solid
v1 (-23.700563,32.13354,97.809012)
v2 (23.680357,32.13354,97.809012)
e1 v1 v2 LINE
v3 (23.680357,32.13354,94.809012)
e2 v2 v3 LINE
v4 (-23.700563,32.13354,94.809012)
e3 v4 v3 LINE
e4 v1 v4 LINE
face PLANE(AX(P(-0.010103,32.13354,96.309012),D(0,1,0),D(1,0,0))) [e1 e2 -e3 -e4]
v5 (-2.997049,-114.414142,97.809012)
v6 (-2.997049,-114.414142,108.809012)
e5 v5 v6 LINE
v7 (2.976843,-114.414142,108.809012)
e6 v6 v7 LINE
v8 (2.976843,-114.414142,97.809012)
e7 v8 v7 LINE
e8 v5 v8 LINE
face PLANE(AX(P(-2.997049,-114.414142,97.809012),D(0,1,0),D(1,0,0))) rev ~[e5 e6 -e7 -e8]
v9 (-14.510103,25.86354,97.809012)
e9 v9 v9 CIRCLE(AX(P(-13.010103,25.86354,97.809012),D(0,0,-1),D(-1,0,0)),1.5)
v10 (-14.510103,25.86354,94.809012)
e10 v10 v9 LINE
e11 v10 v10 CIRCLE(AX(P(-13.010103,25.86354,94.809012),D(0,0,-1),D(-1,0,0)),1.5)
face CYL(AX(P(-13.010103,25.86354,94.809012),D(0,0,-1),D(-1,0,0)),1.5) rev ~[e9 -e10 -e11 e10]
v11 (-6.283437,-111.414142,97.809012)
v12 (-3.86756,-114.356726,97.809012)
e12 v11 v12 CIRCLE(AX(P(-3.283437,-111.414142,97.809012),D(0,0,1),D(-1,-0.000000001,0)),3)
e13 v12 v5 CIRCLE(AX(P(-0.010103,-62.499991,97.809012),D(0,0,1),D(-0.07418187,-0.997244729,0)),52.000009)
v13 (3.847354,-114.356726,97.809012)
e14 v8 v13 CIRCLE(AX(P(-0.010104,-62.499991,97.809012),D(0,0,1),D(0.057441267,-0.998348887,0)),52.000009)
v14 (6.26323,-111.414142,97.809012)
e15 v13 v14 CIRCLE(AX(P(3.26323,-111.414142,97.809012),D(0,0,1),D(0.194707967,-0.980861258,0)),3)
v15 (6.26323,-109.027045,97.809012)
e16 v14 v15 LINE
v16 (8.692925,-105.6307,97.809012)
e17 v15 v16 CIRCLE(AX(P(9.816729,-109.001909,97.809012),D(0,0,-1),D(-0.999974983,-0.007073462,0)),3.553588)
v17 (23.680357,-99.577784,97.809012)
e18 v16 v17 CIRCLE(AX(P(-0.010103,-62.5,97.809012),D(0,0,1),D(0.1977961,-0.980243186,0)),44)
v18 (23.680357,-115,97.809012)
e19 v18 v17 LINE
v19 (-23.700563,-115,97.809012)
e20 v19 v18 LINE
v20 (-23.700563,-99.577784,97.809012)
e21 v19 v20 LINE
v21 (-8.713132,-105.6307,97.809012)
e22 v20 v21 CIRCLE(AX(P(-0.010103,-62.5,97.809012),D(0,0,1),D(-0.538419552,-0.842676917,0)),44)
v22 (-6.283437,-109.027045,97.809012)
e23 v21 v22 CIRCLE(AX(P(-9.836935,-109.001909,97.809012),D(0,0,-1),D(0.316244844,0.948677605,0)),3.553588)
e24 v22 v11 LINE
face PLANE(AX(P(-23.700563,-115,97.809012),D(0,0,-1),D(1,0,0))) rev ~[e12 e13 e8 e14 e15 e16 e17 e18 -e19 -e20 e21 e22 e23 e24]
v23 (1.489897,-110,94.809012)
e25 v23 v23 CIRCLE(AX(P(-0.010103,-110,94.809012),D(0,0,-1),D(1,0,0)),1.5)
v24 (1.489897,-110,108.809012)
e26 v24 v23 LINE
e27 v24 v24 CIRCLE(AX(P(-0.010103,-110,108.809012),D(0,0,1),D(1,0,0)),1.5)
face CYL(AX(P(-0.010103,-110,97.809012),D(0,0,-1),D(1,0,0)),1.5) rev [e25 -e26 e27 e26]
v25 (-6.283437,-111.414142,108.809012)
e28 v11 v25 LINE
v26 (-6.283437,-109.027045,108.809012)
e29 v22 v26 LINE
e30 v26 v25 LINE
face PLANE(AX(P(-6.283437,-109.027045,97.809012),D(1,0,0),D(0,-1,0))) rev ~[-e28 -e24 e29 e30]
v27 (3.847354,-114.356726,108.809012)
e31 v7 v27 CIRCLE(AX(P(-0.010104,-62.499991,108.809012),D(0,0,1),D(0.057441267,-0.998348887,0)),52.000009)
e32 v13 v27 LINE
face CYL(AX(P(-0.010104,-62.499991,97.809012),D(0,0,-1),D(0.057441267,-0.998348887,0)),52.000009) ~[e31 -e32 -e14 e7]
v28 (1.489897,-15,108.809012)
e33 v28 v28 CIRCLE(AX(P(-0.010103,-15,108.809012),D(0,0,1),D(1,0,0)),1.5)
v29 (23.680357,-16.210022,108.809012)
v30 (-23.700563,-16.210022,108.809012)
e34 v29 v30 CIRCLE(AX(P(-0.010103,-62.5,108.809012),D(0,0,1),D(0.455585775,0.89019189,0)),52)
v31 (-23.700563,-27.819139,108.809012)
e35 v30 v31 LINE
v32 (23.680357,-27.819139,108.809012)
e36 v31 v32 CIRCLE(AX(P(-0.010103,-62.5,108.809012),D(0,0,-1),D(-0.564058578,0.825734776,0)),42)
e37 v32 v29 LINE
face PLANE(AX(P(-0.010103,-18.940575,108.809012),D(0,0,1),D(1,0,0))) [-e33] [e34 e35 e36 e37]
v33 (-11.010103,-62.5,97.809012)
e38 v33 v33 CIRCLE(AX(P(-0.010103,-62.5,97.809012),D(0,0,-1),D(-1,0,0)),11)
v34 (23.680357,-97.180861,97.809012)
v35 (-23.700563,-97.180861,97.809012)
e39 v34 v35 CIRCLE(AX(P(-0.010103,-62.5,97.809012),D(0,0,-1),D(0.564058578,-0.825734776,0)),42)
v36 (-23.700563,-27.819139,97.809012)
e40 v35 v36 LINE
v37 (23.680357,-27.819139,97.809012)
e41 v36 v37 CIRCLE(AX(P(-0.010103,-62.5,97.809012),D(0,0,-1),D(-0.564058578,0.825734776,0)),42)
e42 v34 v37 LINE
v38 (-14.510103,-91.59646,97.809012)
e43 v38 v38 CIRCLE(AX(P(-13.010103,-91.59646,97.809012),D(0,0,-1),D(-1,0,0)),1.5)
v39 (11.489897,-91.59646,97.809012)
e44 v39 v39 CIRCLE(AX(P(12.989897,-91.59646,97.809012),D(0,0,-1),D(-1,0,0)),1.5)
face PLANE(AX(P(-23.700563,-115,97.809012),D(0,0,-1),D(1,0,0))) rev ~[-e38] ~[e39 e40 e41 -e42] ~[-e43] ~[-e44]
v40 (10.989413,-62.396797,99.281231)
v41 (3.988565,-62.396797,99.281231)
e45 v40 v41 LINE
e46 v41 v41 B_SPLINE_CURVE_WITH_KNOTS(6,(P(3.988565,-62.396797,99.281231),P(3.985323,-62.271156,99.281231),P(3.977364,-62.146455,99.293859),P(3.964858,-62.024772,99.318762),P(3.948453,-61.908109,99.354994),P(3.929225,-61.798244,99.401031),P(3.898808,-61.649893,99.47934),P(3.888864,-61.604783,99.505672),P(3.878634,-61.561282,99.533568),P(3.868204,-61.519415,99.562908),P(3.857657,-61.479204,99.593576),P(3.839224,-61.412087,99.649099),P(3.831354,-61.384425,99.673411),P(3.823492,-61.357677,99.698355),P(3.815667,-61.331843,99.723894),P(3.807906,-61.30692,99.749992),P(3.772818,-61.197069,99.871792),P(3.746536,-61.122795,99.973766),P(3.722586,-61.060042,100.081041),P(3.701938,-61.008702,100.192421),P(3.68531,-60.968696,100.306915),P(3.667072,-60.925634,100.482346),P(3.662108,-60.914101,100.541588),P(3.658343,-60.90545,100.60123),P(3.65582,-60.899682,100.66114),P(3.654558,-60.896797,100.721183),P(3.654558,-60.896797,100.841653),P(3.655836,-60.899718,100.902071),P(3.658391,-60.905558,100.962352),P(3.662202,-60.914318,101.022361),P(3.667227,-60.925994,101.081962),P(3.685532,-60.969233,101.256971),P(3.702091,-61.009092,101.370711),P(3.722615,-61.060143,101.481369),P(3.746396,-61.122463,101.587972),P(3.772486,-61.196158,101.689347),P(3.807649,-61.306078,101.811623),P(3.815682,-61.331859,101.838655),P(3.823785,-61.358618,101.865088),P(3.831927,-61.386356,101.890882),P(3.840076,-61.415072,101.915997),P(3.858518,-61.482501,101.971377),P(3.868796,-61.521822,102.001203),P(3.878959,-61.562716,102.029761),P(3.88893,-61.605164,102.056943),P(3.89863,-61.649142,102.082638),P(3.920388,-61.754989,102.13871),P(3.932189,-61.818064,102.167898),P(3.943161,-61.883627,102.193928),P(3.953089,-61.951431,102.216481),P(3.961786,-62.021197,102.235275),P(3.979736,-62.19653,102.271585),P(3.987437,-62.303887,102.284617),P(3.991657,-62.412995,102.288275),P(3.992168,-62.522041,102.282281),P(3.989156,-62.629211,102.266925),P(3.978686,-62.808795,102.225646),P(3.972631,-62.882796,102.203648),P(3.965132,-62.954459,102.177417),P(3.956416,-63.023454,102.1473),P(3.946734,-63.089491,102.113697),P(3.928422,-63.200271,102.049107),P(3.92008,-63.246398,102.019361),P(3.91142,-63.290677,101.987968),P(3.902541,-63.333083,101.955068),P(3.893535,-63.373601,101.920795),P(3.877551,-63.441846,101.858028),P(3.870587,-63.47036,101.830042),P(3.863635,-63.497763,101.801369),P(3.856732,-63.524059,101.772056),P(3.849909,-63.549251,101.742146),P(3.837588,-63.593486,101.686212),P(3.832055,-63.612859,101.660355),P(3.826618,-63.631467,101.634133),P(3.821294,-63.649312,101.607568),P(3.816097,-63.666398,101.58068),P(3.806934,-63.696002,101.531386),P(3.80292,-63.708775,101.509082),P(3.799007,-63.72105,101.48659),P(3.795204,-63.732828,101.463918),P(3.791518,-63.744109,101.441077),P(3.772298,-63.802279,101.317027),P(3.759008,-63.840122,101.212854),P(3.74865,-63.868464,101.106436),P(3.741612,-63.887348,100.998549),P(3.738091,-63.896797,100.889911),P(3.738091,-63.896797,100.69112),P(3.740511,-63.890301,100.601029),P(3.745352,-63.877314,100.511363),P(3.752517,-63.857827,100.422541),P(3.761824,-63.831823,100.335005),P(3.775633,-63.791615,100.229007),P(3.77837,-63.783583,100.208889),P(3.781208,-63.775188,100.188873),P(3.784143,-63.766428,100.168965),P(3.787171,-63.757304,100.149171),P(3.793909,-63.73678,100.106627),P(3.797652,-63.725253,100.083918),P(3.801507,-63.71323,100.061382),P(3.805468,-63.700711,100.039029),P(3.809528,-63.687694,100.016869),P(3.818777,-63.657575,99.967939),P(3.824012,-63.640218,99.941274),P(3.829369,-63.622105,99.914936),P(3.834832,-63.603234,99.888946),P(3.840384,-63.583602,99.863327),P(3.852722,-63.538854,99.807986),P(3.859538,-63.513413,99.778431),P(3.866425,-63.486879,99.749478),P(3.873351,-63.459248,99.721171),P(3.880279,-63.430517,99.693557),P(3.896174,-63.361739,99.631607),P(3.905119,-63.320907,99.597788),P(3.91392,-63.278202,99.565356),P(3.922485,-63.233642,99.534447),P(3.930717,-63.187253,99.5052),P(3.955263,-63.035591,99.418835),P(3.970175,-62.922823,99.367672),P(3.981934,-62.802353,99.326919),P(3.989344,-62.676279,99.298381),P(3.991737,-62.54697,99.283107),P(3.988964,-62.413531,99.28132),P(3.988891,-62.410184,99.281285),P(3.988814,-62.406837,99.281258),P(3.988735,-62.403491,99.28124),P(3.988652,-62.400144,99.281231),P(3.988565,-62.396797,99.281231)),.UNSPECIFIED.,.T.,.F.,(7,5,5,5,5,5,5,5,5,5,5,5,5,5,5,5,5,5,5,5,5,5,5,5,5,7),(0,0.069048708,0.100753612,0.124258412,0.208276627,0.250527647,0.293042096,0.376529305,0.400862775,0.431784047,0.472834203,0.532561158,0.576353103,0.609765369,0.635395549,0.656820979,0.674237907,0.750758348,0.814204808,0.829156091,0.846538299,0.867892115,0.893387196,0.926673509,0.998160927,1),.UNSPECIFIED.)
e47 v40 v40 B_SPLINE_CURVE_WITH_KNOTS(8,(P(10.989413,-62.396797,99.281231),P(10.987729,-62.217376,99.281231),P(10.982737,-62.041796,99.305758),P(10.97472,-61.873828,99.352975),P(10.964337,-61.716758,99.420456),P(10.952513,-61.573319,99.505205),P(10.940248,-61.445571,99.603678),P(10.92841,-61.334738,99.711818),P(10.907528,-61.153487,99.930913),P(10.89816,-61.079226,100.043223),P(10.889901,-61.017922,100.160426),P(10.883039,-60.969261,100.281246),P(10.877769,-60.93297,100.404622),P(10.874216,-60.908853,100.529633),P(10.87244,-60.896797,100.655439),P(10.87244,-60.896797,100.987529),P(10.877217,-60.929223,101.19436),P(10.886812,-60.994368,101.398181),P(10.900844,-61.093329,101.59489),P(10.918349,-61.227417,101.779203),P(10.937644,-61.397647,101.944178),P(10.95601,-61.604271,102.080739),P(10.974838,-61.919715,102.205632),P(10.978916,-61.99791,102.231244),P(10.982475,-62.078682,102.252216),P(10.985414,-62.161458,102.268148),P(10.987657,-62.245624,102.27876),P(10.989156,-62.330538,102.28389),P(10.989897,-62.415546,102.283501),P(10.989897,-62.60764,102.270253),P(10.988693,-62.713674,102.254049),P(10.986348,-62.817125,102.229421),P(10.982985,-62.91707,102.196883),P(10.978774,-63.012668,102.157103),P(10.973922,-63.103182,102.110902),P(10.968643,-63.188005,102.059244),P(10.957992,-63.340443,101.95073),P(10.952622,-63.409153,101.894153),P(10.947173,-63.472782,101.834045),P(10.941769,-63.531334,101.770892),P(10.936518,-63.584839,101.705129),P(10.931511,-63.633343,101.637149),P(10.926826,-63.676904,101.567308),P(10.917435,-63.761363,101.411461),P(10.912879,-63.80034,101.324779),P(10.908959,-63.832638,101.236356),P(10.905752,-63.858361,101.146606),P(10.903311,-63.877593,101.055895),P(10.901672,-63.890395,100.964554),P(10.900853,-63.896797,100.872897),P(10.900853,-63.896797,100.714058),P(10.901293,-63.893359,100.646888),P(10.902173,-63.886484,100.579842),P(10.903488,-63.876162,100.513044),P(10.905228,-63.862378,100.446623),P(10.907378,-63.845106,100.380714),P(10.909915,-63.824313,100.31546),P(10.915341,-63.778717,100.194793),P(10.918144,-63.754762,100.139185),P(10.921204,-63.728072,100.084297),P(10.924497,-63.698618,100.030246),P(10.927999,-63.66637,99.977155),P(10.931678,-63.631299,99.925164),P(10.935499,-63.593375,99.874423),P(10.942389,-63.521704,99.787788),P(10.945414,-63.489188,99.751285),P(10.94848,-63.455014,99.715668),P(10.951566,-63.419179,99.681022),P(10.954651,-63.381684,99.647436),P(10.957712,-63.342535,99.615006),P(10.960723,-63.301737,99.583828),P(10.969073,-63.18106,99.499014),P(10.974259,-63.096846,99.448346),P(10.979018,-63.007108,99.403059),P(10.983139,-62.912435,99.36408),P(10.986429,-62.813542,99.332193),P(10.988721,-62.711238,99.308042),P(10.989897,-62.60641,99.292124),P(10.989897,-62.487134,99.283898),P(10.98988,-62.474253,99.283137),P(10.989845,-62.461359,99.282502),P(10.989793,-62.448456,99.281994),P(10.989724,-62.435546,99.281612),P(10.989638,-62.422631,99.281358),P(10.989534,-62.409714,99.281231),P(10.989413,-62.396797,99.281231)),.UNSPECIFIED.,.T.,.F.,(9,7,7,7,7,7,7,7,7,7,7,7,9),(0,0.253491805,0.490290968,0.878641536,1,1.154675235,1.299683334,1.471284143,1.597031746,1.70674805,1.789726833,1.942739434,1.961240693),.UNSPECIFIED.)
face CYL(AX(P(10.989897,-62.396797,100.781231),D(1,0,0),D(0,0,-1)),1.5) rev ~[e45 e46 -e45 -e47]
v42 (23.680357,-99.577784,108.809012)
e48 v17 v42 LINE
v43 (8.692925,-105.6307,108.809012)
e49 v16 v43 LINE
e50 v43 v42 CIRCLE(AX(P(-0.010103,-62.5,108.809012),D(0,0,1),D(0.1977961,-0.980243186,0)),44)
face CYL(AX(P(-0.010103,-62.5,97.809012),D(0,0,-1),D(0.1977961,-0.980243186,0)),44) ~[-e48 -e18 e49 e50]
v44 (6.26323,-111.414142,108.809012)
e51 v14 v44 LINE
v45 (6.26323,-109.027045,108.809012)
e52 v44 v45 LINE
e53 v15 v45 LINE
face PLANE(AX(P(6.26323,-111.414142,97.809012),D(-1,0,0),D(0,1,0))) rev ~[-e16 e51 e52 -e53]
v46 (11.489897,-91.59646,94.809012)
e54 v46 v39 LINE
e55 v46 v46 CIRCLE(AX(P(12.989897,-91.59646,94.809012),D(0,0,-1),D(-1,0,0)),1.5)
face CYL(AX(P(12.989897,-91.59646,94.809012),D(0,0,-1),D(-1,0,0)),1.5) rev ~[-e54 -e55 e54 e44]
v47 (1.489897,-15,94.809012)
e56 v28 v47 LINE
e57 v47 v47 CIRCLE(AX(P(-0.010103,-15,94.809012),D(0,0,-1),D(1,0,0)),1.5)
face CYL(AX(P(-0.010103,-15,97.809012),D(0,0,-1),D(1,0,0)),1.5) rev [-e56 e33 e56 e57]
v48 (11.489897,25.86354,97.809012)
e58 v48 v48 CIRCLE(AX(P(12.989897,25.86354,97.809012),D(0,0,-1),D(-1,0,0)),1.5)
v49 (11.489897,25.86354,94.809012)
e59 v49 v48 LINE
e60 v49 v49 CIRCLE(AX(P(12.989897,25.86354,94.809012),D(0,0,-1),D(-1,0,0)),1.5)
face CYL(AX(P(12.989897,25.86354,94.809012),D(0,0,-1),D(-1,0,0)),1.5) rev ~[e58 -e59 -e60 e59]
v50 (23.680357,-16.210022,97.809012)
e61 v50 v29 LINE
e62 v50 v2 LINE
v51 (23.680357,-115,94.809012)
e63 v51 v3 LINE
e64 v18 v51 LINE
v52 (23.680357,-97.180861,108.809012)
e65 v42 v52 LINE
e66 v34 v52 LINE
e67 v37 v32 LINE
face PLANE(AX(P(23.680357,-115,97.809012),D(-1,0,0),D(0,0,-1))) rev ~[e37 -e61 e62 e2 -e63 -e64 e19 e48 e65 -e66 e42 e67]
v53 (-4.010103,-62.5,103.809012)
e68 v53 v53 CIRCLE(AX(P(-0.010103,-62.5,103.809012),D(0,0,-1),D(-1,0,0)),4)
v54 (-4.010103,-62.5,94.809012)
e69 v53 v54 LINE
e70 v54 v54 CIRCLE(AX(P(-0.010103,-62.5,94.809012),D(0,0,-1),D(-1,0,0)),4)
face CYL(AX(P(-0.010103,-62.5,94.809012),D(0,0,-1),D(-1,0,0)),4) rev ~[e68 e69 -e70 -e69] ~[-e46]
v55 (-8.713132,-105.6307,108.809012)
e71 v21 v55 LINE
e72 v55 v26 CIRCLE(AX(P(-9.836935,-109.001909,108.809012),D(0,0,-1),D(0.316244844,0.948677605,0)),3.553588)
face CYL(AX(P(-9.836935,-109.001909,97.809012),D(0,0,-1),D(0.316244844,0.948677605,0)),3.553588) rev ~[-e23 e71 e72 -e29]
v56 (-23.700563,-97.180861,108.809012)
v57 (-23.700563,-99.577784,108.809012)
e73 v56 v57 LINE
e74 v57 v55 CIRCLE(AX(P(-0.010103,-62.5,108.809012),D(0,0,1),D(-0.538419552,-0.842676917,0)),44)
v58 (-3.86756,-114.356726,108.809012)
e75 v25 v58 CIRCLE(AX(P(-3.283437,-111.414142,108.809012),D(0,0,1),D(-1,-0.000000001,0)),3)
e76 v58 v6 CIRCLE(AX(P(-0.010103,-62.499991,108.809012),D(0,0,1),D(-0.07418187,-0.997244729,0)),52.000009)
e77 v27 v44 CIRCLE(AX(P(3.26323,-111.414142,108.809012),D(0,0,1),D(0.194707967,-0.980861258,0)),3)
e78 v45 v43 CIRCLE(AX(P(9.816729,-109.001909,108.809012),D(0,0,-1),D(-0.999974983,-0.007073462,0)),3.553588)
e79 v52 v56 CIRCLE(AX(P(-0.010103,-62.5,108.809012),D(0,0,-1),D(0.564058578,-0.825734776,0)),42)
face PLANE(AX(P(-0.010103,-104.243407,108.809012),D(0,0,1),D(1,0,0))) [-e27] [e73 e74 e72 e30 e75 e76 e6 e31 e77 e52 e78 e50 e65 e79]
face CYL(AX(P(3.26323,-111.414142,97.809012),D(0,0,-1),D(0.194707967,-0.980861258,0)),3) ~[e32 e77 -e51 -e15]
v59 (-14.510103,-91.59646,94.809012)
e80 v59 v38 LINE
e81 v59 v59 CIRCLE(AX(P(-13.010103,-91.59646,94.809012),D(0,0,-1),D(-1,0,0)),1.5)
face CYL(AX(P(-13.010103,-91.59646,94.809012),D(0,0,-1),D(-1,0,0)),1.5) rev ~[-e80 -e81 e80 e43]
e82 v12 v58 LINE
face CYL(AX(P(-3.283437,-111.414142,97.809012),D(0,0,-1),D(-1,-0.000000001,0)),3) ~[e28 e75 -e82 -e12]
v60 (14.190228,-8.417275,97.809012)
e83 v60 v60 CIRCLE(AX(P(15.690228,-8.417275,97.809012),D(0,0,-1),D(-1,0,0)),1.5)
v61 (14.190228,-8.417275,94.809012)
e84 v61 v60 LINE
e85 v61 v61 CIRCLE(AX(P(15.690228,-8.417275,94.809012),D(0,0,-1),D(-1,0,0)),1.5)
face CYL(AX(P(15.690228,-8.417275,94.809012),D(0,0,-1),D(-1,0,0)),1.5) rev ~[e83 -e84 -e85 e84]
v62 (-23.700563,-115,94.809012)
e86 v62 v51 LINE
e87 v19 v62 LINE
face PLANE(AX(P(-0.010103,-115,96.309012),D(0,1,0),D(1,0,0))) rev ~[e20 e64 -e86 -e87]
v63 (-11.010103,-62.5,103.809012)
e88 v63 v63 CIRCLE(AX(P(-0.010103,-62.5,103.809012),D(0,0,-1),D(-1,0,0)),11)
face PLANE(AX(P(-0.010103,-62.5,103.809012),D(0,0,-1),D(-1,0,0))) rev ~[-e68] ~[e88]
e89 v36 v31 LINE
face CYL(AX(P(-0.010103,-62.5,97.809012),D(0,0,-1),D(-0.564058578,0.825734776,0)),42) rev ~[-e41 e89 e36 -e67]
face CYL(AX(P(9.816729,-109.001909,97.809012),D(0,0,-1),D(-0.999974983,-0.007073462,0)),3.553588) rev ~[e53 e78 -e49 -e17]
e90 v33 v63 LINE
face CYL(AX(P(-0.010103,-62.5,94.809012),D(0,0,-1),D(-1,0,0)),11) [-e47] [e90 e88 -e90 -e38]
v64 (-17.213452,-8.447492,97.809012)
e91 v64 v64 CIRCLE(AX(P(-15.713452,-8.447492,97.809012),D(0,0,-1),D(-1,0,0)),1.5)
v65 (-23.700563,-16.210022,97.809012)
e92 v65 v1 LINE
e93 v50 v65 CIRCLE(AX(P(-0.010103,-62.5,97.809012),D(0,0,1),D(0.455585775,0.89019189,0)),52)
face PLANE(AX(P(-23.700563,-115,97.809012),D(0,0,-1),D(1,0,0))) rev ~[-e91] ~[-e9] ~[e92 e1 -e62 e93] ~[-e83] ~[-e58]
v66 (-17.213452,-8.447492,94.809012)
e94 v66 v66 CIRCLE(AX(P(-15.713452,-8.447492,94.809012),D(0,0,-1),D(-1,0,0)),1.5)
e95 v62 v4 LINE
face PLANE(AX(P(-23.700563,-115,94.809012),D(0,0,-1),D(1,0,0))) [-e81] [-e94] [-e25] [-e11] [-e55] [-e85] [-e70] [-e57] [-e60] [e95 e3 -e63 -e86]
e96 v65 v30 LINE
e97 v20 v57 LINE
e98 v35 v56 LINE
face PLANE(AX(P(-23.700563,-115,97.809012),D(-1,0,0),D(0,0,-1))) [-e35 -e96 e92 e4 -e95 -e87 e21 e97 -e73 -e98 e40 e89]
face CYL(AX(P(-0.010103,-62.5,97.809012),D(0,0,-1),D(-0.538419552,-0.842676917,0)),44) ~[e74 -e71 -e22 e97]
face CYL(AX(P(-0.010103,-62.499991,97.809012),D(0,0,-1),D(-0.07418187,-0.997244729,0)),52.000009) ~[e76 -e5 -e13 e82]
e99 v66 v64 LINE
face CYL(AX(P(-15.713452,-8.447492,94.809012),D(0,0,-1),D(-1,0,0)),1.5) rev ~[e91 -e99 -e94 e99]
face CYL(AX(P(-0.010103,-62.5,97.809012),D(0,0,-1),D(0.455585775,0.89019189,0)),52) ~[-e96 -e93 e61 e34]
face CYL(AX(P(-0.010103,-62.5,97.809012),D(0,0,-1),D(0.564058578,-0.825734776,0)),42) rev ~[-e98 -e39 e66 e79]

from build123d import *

# Parameters (mm, degrees)
BOSS_EXTRUDE2_DEPTH      = 32.13354
BOSS_EXTRUDE2_DEPTH_BACK = 115
SKETCH1_W                = 47.380920583
SKETCH1_H                = 3
SKETCH3_R                = 1.5
SKETCH3_R_2              = 4
CUT_EXTRUDE1_DEPTH       = 10
SKETCH4_R                = 1.5
BOSS_EXTRUDE6_DEPTH      = 11
CUT_EXTRUDE2_START       = -10
SKETCH4_3_R              = 1.5
CUT_EXTRUDE2_DEPTH       = 10
SKETCH3_5_R              = 11
SKETCH3_5_R_2            = 4
BOSS_EXTRUDE7_DEPTH      = 9
SKETCH8_R                = 1.5
CUT_EXTRUDE3_DEPTH       = 9


with BuildPart() as part:
    # Sketch1 → Boss-Extrude2 (new, two sides: drawn at the far end of the back side and taken through both)
    with BuildSketch(Plane(origin=(0, 0, 0), x_dir=(1, 0, 0), z_dir=(0, 1, 0)).offset(-BOSS_EXTRUDE2_DEPTH_BACK)):
        with Locations((-0.010103172, -96.309011723)):
            Rectangle(SKETCH1_W, SKETCH1_H)
    extrude(amount=BOSS_EXTRUDE2_DEPTH + BOSS_EXTRUDE2_DEPTH_BACK)

    # Sketch3 → Cut-Extrude1 (cut)
    with BuildSketch(Plane(origin=(0, 0, 94.809011723), x_dir=(-1, 0, 0), z_dir=(0, 0, -1))):
        with Locations((-12.989896828, -91.59646)):
            Circle(SKETCH3_R)
        with Locations((0.010103172, -62.5)):
            Circle(SKETCH3_R_2)
        with Locations((13.010103172, -91.59646)):
            Circle(SKETCH3_R)
        with Locations((-15.690228452, -8.417274823)):
            Circle(SKETCH3_R)
        with Locations((15.713451538, -8.447491658)):
            Circle(SKETCH3_R)
        with Locations((13.010103172, 25.86354)):
            Circle(SKETCH3_R)
        with Locations((-12.989896828, 25.86354)):
            Circle(SKETCH3_R)
    extrude(amount=-CUT_EXTRUDE1_DEPTH, mode=Mode.SUBTRACT)

    # Sketch4 → Boss-Extrude6 (add)
    # profile 1 of 2: a face of its own
    with BuildSketch(Plane.XY.offset(97.809011723)):
        with BuildLine():
            ThreePointArc((8.69292522, -105.630700166), (16.466971046, -103.298358119), (23.68035712, -99.577784335))
            Line((23.68035712, -99.577784335), (23.68035712, -97.180860589))
            ThreePointArc((23.68035712, -97.180860589), (-0.010103172, -104.5), (-23.700563463, -97.180860589))
            Line((-23.700563463, -97.180860589), (-23.700563463, -99.577784335))
            ThreePointArc((-23.700563463, -99.577784335), (-16.487177389, -103.298358119), (-8.713131563, -105.630700166))
            ThreePointArc((-8.713131563, -105.630700166), (-6.946765802, -106.93432478), (-6.283436573, -109.027045372))
            Line((-6.283436573, -109.027045372), (-6.283436573, -111.414142146))
            ThreePointArc((-6.283436573, -111.414142146), (-5.602096929, -113.317773977), (-3.867560473, -114.35672592))
            ThreePointArc((-3.867560473, -114.35672592), (-3.432425137, -114.387259634), (-2.997048979, -114.414142146))
            Line((-2.997048979, -114.414142146), (2.976842636, -114.414142146))
            ThreePointArc((2.976842636, -114.414142146), (3.412218794, -114.387259634), (3.84735413, -114.35672592))
            ThreePointArc((3.84735413, -114.35672592), (5.581890586, -113.317773977), (6.263230229, -111.414142146))
            Line((6.263230229, -111.414142146), (6.263230229, -109.027045372))
            ThreePointArc((6.263230229, -109.027045372), (6.926559458, -106.93432478), (8.69292522, -105.630700166))
        make_face()
        with Locations((-0.010103172, -110)):
            Circle(SKETCH4_R, mode=Mode.SUBTRACT)
    # profile 2 of 2: a face of its own
    with BuildSketch(Plane.XY.offset(97.809011723)):
        with BuildLine():
            ThreePointArc((-23.700563463, -27.819139411), (-0.010103172, -20.5), (23.68035712, -27.819139411))
            Line((23.68035712, -27.819139411), (23.68035712, -16.210021698))
            ThreePointArc((23.68035712, -16.210021698), (-0.010103172, -10.5), (-23.700563463, -16.210021698))
            Line((-23.700563463, -16.210021698), (-23.700563463, -27.819139411))
        make_face()
        with Locations((-0.010103172, -15)):
            Circle(SKETCH4_R, mode=Mode.SUBTRACT)
    extrude(amount=BOSS_EXTRUDE6_DEPTH)

    # Sketch4<3> → Cut-Extrude2 (cut)
    with BuildSketch(Plane.XY.offset(97.809011723).offset(CUT_EXTRUDE2_START)):
        with Locations((-0.010103172, -110)):
            Circle(SKETCH4_3_R)
        with Locations((-0.010103172, -15)):
            Circle(SKETCH4_3_R)
    extrude(amount=CUT_EXTRUDE2_DEPTH, mode=Mode.SUBTRACT)

    # Sketch3<5> → Boss-Extrude7 (add)
    with BuildSketch(Plane(origin=(0, 0, 94.809011723), x_dir=(-1, 0, 0), z_dir=(0, 0, -1))):
        with Locations((0.010103172, -62.5)):
            Circle(SKETCH3_5_R)
        with Locations((0.010103172, -62.5)):
            Circle(SKETCH3_5_R_2, mode=Mode.SUBTRACT)
    extrude(amount=-BOSS_EXTRUDE7_DEPTH)

    # Sketch8 → Cut-Extrude3 (cut)
    with BuildSketch(Plane(origin=(10.989896828, 0, 0), x_dir=(0, 0, -1), z_dir=(1, 0, 0))):
        with Locations((-100.78123084, -62.396797047)):
            Circle(SKETCH8_R)
    extrude(amount=-CUT_EXTRUDE3_DEPTH, mode=Mode.SUBTRACT)


solid = part.part
